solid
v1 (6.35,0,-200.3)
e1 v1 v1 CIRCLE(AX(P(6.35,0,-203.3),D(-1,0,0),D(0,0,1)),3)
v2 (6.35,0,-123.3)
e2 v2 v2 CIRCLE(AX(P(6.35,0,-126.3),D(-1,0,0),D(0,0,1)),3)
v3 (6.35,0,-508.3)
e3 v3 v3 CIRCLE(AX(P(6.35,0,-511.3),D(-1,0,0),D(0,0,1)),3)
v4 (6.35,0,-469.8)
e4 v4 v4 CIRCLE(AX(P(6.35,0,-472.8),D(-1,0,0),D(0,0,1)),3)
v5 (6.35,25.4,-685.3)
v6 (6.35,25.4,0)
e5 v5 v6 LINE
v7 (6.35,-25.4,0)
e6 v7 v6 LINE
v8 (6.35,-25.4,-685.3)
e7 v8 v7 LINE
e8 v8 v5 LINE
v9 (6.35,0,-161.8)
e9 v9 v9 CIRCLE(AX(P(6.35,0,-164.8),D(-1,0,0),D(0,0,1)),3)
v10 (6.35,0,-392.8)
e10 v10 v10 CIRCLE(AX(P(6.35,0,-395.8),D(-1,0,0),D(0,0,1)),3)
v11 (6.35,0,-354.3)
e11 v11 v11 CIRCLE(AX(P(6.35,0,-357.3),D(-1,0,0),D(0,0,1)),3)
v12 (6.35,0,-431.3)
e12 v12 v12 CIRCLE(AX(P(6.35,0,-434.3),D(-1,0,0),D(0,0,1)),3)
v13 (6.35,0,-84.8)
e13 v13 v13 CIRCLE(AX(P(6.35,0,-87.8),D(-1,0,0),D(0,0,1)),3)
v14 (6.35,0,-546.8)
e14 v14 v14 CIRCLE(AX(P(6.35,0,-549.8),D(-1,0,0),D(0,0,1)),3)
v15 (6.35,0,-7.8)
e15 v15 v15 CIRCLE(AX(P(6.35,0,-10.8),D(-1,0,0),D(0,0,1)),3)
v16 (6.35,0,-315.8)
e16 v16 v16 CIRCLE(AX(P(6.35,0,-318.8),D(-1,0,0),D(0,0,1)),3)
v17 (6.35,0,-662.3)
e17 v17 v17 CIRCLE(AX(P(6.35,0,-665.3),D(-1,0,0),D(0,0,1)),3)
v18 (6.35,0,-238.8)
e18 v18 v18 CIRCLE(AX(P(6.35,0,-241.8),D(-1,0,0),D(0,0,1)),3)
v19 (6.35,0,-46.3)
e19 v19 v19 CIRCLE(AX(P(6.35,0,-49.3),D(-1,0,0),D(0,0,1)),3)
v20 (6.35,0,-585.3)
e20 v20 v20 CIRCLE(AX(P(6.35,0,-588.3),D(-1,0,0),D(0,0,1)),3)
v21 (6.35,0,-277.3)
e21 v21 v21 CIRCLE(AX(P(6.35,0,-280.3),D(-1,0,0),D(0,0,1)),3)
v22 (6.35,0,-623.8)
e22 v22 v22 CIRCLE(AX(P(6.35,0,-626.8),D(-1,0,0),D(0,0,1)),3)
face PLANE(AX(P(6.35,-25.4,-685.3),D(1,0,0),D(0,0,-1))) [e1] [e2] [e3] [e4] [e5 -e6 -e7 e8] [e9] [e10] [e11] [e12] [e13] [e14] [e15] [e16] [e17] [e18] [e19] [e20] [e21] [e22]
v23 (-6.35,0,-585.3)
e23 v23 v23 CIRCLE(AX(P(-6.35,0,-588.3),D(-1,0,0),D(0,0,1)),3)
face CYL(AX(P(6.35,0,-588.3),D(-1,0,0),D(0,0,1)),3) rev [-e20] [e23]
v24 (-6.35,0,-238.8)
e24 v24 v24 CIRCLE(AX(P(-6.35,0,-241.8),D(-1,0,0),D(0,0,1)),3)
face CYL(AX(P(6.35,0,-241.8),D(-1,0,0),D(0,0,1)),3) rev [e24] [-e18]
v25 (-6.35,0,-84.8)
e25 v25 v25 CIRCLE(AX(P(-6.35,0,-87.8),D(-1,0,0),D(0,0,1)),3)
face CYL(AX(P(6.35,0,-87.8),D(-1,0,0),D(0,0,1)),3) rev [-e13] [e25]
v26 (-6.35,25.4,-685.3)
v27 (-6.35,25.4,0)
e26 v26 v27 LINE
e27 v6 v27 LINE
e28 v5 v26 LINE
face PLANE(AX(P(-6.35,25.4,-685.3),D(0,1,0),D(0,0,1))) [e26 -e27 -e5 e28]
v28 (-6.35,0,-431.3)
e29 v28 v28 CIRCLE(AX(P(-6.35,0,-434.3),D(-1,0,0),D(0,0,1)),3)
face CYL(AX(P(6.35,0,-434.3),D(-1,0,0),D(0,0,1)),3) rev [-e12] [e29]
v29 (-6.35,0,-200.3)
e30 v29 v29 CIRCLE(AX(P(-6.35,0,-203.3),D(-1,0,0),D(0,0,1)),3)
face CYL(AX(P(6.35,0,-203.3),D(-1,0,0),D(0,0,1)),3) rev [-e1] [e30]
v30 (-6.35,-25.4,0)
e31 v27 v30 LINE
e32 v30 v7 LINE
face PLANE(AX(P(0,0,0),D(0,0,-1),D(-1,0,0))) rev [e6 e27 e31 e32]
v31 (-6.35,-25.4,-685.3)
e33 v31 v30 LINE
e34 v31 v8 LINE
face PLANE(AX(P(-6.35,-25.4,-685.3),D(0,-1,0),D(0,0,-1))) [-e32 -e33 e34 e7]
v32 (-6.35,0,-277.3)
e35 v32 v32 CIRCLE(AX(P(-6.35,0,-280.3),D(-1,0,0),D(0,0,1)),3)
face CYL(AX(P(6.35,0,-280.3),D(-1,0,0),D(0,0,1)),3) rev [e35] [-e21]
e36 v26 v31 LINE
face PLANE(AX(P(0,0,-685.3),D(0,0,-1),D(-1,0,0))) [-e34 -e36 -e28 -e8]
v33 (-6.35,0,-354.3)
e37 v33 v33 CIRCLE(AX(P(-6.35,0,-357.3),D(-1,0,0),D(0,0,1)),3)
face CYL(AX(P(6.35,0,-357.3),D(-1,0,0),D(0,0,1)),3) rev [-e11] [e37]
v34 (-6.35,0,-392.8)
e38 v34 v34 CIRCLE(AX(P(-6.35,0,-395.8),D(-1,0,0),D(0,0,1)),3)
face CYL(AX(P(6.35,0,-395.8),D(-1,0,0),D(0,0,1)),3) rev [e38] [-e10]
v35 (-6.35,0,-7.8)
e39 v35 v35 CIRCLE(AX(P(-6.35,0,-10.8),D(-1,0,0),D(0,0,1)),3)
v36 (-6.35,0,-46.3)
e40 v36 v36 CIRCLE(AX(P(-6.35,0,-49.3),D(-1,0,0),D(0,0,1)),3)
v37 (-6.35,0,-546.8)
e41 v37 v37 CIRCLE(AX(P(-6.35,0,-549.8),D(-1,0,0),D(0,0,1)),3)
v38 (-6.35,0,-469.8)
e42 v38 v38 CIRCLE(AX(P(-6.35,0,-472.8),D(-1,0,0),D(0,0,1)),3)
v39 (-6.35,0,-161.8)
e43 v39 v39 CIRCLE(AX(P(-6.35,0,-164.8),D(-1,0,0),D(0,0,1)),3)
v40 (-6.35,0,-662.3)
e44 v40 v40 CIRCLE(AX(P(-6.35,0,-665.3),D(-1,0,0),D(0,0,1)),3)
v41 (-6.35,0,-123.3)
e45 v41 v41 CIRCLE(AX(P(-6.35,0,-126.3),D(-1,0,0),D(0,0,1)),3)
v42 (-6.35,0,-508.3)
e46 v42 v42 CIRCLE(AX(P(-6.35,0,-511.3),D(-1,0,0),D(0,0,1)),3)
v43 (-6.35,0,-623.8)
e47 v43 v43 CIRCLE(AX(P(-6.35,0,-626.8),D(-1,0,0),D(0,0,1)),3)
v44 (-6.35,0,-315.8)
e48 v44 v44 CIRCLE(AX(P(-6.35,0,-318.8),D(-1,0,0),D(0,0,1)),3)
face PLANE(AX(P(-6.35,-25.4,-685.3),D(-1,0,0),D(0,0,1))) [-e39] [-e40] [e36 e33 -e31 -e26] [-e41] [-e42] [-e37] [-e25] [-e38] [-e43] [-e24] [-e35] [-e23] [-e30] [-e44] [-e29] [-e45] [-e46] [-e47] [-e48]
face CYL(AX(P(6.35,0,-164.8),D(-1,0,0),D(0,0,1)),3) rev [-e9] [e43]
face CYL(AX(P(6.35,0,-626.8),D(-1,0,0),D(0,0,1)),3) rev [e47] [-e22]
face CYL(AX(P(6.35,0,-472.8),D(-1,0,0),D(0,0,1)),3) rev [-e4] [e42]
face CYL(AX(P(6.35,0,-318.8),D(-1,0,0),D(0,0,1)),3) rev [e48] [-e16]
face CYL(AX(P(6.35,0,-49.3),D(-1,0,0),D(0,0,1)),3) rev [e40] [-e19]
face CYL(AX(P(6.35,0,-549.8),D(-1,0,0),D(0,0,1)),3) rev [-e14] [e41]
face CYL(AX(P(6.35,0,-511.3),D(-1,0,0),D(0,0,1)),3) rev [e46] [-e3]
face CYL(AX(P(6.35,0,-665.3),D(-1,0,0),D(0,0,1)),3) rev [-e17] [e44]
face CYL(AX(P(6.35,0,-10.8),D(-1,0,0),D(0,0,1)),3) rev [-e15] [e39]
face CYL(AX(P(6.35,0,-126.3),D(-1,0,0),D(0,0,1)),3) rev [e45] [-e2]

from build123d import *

# Parameters (mm, degrees)
CROQUIS2_W              = 12.7
CROQUIS2_H              = 50.8
SALIENTE_EXTRUIR1_DEPTH = 685.3
CROQUIS3_R              = 3
CORTAR_EXTRUIR1_DEPTH   = 13.7


with BuildPart() as part:
    # Croquis2 → Saliente-Extruir1 (new body)
    with BuildSketch(Plane.XY):
        Rectangle(CROQUIS2_W, CROQUIS2_H)
    extrude(amount=-SALIENTE_EXTRUIR1_DEPTH)

    # Croquis3 → Cortar-Extruir1 (cut, through all)
    with BuildSketch(Plane.ZY.offset(6.35)):
        with Locations((-665.3, 0)):
            Circle(CROQUIS3_R)
        with Locations((-626.8, 0)):
            Circle(CROQUIS3_R)
        with Locations((-588.3, 0)):
            Circle(CROQUIS3_R)
        with Locations((-549.8, 0)):
            Circle(CROQUIS3_R)
        with Locations((-511.3, 0)):
            Circle(CROQUIS3_R)
        with Locations((-472.8, 0)):
            Circle(CROQUIS3_R)
        with Locations((-434.3, 0)):
            Circle(CROQUIS3_R)
        with Locations((-395.8, 0)):
            Circle(CROQUIS3_R)
        with Locations((-357.3, 0)):
            Circle(CROQUIS3_R)
        with Locations((-318.8, 0)):
            Circle(CROQUIS3_R)
        with Locations((-280.3, 0)):
            Circle(CROQUIS3_R)
        with Locations((-241.8, 0)):
            Circle(CROQUIS3_R)
        with Locations((-203.3, 0)):
            Circle(CROQUIS3_R)
        with Locations((-164.8, 0)):
            Circle(CROQUIS3_R)
        with Locations((-126.3, 0)):
            Circle(CROQUIS3_R)
        with Locations((-87.8, 0)):
            Circle(CROQUIS3_R)
        with Locations((-49.3, 0)):
            Circle(CROQUIS3_R)
        with Locations((-10.8, 0)):
            Circle(CROQUIS3_R)
    extrude(amount=-CORTAR_EXTRUIR1_DEPTH, mode=Mode.SUBTRACT)


solid = part.part
